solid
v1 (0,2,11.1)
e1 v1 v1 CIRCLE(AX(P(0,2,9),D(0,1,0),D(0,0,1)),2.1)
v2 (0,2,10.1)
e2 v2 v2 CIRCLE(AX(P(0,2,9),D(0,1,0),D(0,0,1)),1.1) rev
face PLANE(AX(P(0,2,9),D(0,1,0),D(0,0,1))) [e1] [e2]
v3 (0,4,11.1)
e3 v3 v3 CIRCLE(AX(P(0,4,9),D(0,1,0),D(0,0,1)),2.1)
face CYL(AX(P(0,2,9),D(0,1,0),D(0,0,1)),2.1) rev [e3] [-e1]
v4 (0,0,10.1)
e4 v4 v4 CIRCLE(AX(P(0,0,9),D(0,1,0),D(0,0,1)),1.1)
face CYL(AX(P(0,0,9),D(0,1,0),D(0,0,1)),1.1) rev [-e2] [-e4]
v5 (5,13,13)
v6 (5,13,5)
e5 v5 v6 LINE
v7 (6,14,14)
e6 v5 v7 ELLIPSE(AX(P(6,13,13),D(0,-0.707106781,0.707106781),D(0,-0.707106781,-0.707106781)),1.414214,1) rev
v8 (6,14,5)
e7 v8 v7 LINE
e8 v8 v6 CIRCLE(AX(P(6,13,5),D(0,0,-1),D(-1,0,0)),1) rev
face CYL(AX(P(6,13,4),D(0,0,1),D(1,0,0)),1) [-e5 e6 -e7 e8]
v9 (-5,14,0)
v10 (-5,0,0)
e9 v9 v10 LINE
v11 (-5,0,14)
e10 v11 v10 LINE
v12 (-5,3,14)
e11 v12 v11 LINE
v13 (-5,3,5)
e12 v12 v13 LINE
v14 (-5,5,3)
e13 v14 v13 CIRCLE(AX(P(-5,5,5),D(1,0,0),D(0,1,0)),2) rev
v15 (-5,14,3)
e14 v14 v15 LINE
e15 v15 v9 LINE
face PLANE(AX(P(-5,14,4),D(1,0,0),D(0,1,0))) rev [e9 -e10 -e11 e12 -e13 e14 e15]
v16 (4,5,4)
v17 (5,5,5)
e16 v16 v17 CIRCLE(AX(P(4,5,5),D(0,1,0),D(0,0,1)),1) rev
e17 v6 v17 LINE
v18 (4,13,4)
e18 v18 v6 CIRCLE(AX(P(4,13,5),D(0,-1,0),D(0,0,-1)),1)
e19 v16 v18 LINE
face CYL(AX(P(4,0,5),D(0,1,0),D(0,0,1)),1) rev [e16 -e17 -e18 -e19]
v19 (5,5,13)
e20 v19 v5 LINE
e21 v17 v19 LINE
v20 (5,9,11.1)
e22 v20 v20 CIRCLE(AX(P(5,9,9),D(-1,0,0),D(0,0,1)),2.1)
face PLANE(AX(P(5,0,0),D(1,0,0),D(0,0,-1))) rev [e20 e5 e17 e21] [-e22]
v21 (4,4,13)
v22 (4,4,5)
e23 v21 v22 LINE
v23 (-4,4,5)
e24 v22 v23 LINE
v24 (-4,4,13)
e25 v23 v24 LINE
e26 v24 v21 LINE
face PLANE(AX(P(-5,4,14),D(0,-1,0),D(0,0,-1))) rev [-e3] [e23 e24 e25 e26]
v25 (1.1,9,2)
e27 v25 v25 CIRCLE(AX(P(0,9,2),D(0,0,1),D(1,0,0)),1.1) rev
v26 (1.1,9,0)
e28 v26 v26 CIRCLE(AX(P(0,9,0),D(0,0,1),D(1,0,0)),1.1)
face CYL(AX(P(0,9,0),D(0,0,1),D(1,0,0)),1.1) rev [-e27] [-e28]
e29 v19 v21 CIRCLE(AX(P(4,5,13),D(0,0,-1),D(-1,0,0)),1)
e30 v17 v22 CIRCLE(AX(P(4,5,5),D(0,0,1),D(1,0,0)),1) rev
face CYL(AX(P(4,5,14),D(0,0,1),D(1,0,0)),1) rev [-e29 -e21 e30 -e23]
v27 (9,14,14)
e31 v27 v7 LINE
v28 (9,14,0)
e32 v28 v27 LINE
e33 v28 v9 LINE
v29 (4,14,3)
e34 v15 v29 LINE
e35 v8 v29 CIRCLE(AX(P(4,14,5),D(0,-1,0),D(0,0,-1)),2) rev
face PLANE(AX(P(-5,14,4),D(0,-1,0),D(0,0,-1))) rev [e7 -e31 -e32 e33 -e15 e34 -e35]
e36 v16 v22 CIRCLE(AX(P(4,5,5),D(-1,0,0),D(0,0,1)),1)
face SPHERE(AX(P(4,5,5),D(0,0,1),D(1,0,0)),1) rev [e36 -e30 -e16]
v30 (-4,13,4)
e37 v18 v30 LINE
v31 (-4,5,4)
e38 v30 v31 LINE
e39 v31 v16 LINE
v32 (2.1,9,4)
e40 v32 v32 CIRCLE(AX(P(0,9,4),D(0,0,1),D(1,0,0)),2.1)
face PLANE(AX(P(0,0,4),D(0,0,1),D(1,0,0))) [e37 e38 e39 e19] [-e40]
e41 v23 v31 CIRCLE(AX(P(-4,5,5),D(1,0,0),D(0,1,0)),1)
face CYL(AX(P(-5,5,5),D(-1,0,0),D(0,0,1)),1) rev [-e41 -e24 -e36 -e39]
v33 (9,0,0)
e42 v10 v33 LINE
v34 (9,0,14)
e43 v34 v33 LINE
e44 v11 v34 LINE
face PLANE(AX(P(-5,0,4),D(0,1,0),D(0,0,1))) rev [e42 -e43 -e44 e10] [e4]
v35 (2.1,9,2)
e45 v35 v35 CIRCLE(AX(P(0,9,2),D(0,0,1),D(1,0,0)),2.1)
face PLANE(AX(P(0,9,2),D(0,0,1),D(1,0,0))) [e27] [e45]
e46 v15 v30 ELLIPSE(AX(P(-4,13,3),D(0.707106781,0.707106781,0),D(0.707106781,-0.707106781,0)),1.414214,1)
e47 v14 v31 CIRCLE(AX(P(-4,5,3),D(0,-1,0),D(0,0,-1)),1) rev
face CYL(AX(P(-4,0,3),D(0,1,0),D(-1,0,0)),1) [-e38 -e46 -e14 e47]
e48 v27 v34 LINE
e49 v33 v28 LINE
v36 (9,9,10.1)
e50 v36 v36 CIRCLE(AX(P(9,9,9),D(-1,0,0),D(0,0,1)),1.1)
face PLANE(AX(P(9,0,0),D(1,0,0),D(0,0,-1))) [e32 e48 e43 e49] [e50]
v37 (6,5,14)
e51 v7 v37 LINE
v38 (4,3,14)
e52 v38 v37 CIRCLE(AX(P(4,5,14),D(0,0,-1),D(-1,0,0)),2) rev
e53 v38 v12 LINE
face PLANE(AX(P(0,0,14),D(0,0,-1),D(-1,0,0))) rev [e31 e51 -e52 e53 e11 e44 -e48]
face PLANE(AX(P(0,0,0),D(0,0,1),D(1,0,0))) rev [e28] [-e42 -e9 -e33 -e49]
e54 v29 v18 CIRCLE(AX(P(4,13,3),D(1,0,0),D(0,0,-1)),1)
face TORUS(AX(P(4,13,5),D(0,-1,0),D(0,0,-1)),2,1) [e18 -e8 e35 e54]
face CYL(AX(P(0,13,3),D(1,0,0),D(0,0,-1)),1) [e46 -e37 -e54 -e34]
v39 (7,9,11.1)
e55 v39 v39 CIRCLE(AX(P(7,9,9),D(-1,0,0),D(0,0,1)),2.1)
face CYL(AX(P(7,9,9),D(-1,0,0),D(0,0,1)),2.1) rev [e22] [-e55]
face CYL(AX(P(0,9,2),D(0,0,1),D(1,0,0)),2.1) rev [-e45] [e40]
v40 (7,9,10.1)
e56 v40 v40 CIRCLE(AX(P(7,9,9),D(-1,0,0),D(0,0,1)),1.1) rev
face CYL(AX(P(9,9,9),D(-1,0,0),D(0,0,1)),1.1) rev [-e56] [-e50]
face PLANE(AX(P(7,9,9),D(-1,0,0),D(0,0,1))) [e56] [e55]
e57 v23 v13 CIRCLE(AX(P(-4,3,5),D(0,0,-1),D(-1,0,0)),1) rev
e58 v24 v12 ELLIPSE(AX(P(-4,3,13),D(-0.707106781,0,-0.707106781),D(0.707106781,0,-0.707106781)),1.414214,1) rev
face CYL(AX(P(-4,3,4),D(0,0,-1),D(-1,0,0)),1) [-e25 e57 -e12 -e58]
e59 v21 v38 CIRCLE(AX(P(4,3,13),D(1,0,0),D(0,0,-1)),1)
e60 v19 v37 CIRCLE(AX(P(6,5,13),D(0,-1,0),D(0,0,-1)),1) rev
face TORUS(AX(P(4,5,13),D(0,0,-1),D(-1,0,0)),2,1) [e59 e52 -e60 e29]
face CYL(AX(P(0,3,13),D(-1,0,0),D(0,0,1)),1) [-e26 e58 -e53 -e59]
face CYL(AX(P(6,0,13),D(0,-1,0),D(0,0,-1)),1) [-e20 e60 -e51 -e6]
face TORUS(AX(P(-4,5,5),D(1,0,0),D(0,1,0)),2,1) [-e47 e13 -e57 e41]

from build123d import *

# Parameters (mm, degrees)
ESQUISSE1_W             = 10
ESQUISSE1_H             = 14
BOSS_EXTRU_1_DEPTH      = 4
ESQUISSE2_W             = 10
ESQUISSE2_H             = 4
BOSS_EXTRU_2_DEPTH      = 10
ESQUISSE3_R             = 1.1
ENL_V_MAT_EXTRU_1_DEPTH = 5
ESQUISSE4_R             = 1.1
ENL_V_MAT_EXTRU_2_DEPTH = 5
ESQUISSE5_R             = 2.1
ENL_V_MAT_EXTRU_3_DEPTH = 2
ESQUISSE6_R             = 2.1
ENL_V_MAT_EXTRU_4_DEPTH = 2
ESQUISSE7_W             = 14
ESQUISSE7_H             = 14
BOSS_EXTRU_3_DEPTH      = 4
ESQUISSE8_R             = 1.1
ENL_V_MAT_EXTRU_5_DEPTH = 5
ESQUISSE9_R             = 2.1
ENL_V_MAT_EXTRU_6_DEPTH = 2
CONG_1_R                = 1


with BuildPart() as part:
    # Esquisse1 → Boss.-Extru.1 (new body)
    with BuildSketch(Plane.XY):
        with Locations((0, 7)):
            Rectangle(ESQUISSE1_W, ESQUISSE1_H)
    extrude(amount=BOSS_EXTRU_1_DEPTH)

    # Esquisse2 → Boss.-Extru.2 (add)
    with BuildSketch(Plane.XY.offset(4)):
        with Locations((0, 2)):
            Rectangle(ESQUISSE2_W, ESQUISSE2_H)
    extrude(amount=BOSS_EXTRU_2_DEPTH)

    # Esquisse3 → Enlèv. mat.-Extru.1 (cut, through all)
    with BuildSketch(Plane.XY.offset(4)):
        with Locations((0, 9)):
            Circle(ESQUISSE3_R)
    extrude(amount=-ENL_V_MAT_EXTRU_1_DEPTH, mode=Mode.SUBTRACT)

    # Esquisse4 → Enlèv. mat.-Extru.2 (cut, through all)
    with BuildSketch(Plane(origin=(0, 4, 0), x_dir=(1, 0, 0), z_dir=(0, 1, 0))):
        with Locations(Location((0, -9, 0), (0, 0, 270))):  # turned: the seam where the file's is
            Circle(ESQUISSE4_R)
    extrude(amount=-ENL_V_MAT_EXTRU_2_DEPTH, mode=Mode.SUBTRACT)

    # Esquisse5 → Enlèv. mat.-Extru.3 (cut)
    with BuildSketch(Plane.XY.offset(4)):
        with Locations((0, 9)):
            Circle(ESQUISSE5_R)
    extrude(amount=-ENL_V_MAT_EXTRU_3_DEPTH, mode=Mode.SUBTRACT)

    # Esquisse6 → Enlèv. mat.-Extru.4 (cut)
    with BuildSketch(Plane(origin=(0, 4, 0), x_dir=(1, 0, 0), z_dir=(0, 1, 0))):
        with Locations(Location((0, -9, 0), (0, 0, 270))):  # turned: the seam where the file's is
            Circle(ESQUISSE6_R)
    extrude(amount=-ENL_V_MAT_EXTRU_4_DEPTH, mode=Mode.SUBTRACT)

    # Esquisse7 → Boss.-Extru.3 (add)
    with BuildSketch(Plane(origin=(5, 0, 0), x_dir=(0, 0, -1), z_dir=(1, 0, 0))):
        with Locations((-7, 7)):
            Rectangle(ESQUISSE7_W, ESQUISSE7_H)
    extrude(amount=BOSS_EXTRU_3_DEPTH)

    # Esquisse8 → Enlèv. mat.-Extru.5 (cut, through all)
    with BuildSketch(Plane.ZY.offset(-5)):
        with Locations((9, 9)):
            Circle(ESQUISSE8_R)
    extrude(amount=-ENL_V_MAT_EXTRU_5_DEPTH, mode=Mode.SUBTRACT)

    # Esquisse9 → Enlèv. mat.-Extru.6 (cut)
    with BuildSketch(Plane.ZY.offset(-5)):
        with Locations((9, 9)):
            Circle(ESQUISSE9_R)
    extrude(amount=-ENL_V_MAT_EXTRU_6_DEPTH, mode=Mode.SUBTRACT)

    # Congé1
    cong_1_edges = [part.edges().sort_by_distance(p)[0] for p in [
        (5, 9, 4),
        (-5, 4, 9),
        (0, 4, 4),
        (5, 4, 9),
        (0, 14, 4),
        (0, 4, 14),
        (-5, 9, 4),
        (5, 14, 9),
        (5, 9, 14),
    ]]
    fillet(cong_1_edges, radius=CONG_1_R)


solid = part.part
